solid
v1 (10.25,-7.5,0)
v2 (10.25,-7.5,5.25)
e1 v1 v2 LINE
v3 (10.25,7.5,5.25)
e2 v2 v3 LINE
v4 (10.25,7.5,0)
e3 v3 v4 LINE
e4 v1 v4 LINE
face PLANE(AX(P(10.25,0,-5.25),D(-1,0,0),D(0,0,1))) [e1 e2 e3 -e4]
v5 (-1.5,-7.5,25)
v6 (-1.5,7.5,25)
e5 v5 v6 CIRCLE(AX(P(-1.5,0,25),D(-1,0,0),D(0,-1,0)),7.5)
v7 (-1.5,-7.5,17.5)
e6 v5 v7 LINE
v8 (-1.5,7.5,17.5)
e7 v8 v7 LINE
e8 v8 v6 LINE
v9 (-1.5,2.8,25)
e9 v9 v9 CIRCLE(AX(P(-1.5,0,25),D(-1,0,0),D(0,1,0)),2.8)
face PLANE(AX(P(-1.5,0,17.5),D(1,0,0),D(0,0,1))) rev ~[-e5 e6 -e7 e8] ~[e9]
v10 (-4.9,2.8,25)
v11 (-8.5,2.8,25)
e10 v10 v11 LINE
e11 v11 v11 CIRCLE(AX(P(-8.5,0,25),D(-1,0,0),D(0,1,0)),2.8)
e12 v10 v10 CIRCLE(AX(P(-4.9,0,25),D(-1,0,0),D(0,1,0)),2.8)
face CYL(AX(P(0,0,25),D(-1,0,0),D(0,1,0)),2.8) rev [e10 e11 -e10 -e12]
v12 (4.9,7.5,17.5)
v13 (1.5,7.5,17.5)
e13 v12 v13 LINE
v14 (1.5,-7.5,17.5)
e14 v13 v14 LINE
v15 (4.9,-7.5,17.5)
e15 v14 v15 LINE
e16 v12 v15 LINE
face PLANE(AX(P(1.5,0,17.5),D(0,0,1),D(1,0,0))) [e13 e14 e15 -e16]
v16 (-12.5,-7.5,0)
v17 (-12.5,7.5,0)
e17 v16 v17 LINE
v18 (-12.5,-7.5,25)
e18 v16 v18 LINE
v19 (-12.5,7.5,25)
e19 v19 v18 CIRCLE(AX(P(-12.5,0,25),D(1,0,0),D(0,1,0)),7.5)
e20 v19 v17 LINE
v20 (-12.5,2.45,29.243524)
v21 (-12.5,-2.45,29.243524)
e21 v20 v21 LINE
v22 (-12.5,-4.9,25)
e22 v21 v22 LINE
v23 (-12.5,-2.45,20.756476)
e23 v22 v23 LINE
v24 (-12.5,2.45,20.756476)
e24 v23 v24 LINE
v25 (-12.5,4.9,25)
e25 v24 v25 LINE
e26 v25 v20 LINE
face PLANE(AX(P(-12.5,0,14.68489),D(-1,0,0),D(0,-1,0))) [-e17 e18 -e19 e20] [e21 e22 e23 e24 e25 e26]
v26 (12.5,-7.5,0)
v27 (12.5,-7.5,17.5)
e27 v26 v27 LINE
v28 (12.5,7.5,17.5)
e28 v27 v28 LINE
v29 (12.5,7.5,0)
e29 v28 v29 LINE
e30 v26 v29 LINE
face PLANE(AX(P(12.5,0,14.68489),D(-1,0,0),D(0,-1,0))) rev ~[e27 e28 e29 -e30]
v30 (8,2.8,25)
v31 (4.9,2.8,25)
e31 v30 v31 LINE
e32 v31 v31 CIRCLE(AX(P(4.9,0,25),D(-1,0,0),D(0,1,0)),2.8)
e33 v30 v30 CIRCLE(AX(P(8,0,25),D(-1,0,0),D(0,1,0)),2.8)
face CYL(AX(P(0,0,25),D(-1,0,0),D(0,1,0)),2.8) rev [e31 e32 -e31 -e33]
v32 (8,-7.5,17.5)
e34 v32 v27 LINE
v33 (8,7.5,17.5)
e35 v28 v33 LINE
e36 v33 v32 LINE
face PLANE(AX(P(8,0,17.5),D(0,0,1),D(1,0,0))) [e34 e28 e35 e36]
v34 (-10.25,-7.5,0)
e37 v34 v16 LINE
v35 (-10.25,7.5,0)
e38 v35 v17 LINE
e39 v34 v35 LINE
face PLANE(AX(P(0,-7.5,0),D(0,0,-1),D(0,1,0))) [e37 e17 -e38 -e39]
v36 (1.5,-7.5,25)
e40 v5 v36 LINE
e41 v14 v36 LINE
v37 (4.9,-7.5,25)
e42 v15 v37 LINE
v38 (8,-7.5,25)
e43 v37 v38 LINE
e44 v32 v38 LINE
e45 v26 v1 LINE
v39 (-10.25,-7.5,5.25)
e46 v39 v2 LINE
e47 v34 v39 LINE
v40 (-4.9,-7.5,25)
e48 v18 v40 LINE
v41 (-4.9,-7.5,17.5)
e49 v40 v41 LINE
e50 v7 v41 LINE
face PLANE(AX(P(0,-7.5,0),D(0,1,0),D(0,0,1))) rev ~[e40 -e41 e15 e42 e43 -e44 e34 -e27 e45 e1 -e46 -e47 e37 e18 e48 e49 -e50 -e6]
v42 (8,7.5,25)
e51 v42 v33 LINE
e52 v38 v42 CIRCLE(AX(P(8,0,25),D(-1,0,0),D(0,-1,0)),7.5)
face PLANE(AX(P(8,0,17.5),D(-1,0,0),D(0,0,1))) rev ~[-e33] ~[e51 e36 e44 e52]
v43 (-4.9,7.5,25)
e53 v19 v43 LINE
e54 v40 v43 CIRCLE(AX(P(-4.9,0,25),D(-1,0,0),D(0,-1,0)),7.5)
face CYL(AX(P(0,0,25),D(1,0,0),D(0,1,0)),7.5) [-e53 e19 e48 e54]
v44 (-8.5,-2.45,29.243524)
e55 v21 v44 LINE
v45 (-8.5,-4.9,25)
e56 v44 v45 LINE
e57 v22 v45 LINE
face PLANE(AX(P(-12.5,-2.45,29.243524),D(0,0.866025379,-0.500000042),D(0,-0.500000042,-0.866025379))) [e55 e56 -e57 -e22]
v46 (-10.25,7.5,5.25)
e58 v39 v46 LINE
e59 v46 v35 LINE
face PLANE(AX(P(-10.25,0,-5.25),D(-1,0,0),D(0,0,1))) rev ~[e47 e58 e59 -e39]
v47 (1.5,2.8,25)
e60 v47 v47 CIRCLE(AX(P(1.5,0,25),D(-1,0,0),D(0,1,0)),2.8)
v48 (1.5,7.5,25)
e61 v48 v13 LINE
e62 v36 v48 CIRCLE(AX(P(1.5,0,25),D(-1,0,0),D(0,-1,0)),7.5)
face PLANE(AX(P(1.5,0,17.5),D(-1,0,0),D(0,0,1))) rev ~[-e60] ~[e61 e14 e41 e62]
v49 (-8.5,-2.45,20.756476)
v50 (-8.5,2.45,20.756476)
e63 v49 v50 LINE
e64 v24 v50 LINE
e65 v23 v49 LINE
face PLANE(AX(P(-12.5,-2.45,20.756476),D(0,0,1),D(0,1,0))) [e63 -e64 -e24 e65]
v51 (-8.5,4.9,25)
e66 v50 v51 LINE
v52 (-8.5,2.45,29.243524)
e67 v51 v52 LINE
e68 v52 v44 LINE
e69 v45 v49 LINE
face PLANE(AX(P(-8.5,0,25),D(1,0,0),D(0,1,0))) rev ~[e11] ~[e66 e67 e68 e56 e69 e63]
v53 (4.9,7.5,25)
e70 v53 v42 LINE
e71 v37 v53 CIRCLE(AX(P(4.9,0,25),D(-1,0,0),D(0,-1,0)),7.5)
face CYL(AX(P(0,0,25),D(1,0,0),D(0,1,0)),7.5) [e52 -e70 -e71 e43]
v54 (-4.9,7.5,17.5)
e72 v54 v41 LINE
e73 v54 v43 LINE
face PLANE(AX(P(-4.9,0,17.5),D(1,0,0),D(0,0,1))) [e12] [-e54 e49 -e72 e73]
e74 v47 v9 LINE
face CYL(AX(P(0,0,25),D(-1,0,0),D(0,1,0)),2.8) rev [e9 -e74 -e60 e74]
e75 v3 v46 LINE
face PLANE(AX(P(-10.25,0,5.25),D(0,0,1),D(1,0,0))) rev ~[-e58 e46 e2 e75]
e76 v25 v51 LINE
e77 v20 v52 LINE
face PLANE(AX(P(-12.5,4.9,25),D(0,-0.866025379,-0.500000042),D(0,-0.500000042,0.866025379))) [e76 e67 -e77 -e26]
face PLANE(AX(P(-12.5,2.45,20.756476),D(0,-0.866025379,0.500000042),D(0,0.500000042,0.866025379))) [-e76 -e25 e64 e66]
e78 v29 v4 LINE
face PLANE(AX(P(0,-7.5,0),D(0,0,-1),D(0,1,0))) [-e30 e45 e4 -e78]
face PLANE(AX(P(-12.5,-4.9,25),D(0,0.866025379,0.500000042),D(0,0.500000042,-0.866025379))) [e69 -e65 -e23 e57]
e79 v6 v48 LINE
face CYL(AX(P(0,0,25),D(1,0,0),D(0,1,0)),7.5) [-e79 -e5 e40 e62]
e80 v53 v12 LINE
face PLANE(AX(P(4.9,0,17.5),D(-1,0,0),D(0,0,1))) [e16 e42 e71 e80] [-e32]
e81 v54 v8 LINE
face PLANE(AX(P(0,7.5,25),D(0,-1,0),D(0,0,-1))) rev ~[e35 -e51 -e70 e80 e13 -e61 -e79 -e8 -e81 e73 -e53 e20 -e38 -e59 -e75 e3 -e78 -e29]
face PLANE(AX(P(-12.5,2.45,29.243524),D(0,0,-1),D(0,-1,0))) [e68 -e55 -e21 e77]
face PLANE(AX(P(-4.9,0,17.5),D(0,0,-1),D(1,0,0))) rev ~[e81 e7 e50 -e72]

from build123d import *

# Parameters (mm, degrees)
SKETCH009_R     = 2.8
PAD_DEPTH       = 12.5
SKETCH015_W     = 20.5
SKETCH015_H     = 10.5
SKETCH015_W_2   = 3.4
SKETCH015_H_2   = 15
SKETCH015_W_3   = 15
POCKET_DEPTH    = 15
POCKET001_DEPTH = 4


with BuildPart() as part:
    # Sketch009 → Pad (new body, symmetric)
    with BuildSketch(Plane.YZ):
        with BuildLine():
            Line((7.5, 25), (7.5, 0))
            Line((-7.5, 0), (7.5, 0))
            Line((-7.5, 0), (-7.5, 25))
            ThreePointArc((7.5, 25), (0, 32.5), (-7.5, 25))
        make_face()
        with Locations((0, 25)):
            Circle(SKETCH009_R, mode=Mode.SUBTRACT)
    extrude(amount=PAD_DEPTH, both=True)

    # Sketch015 → Pocket (cut, symmetric)
    with BuildSketch(Plane.XZ):
        Rectangle(SKETCH015_W, SKETCH015_H)
        with Locations((3.2, 25)):
            Rectangle(SKETCH015_W_2, SKETCH015_H_2)
        with Locations((15.5, 25)):
            Rectangle(SKETCH015_W_3, SKETCH015_H_2)
        with Locations((-3.2, 25)):
            Rectangle(SKETCH015_W_2, SKETCH015_H_2)
    extrude(amount=POCKET_DEPTH, both=True, mode=Mode.SUBTRACT)

    # Sketch016 → Pocket001 (cut)
    with BuildSketch(Plane.YZ.offset(-12.5)):
        Polygon((-2.45, 20.756476), (2.45, 20.756476), (4.9, 25), (2.45, 29.243524), (-2.45, 29.243524), (-4.9, 25), align=None)
    extrude(amount=POCKET001_DEPTH, mode=Mode.SUBTRACT)


solid = part.part
